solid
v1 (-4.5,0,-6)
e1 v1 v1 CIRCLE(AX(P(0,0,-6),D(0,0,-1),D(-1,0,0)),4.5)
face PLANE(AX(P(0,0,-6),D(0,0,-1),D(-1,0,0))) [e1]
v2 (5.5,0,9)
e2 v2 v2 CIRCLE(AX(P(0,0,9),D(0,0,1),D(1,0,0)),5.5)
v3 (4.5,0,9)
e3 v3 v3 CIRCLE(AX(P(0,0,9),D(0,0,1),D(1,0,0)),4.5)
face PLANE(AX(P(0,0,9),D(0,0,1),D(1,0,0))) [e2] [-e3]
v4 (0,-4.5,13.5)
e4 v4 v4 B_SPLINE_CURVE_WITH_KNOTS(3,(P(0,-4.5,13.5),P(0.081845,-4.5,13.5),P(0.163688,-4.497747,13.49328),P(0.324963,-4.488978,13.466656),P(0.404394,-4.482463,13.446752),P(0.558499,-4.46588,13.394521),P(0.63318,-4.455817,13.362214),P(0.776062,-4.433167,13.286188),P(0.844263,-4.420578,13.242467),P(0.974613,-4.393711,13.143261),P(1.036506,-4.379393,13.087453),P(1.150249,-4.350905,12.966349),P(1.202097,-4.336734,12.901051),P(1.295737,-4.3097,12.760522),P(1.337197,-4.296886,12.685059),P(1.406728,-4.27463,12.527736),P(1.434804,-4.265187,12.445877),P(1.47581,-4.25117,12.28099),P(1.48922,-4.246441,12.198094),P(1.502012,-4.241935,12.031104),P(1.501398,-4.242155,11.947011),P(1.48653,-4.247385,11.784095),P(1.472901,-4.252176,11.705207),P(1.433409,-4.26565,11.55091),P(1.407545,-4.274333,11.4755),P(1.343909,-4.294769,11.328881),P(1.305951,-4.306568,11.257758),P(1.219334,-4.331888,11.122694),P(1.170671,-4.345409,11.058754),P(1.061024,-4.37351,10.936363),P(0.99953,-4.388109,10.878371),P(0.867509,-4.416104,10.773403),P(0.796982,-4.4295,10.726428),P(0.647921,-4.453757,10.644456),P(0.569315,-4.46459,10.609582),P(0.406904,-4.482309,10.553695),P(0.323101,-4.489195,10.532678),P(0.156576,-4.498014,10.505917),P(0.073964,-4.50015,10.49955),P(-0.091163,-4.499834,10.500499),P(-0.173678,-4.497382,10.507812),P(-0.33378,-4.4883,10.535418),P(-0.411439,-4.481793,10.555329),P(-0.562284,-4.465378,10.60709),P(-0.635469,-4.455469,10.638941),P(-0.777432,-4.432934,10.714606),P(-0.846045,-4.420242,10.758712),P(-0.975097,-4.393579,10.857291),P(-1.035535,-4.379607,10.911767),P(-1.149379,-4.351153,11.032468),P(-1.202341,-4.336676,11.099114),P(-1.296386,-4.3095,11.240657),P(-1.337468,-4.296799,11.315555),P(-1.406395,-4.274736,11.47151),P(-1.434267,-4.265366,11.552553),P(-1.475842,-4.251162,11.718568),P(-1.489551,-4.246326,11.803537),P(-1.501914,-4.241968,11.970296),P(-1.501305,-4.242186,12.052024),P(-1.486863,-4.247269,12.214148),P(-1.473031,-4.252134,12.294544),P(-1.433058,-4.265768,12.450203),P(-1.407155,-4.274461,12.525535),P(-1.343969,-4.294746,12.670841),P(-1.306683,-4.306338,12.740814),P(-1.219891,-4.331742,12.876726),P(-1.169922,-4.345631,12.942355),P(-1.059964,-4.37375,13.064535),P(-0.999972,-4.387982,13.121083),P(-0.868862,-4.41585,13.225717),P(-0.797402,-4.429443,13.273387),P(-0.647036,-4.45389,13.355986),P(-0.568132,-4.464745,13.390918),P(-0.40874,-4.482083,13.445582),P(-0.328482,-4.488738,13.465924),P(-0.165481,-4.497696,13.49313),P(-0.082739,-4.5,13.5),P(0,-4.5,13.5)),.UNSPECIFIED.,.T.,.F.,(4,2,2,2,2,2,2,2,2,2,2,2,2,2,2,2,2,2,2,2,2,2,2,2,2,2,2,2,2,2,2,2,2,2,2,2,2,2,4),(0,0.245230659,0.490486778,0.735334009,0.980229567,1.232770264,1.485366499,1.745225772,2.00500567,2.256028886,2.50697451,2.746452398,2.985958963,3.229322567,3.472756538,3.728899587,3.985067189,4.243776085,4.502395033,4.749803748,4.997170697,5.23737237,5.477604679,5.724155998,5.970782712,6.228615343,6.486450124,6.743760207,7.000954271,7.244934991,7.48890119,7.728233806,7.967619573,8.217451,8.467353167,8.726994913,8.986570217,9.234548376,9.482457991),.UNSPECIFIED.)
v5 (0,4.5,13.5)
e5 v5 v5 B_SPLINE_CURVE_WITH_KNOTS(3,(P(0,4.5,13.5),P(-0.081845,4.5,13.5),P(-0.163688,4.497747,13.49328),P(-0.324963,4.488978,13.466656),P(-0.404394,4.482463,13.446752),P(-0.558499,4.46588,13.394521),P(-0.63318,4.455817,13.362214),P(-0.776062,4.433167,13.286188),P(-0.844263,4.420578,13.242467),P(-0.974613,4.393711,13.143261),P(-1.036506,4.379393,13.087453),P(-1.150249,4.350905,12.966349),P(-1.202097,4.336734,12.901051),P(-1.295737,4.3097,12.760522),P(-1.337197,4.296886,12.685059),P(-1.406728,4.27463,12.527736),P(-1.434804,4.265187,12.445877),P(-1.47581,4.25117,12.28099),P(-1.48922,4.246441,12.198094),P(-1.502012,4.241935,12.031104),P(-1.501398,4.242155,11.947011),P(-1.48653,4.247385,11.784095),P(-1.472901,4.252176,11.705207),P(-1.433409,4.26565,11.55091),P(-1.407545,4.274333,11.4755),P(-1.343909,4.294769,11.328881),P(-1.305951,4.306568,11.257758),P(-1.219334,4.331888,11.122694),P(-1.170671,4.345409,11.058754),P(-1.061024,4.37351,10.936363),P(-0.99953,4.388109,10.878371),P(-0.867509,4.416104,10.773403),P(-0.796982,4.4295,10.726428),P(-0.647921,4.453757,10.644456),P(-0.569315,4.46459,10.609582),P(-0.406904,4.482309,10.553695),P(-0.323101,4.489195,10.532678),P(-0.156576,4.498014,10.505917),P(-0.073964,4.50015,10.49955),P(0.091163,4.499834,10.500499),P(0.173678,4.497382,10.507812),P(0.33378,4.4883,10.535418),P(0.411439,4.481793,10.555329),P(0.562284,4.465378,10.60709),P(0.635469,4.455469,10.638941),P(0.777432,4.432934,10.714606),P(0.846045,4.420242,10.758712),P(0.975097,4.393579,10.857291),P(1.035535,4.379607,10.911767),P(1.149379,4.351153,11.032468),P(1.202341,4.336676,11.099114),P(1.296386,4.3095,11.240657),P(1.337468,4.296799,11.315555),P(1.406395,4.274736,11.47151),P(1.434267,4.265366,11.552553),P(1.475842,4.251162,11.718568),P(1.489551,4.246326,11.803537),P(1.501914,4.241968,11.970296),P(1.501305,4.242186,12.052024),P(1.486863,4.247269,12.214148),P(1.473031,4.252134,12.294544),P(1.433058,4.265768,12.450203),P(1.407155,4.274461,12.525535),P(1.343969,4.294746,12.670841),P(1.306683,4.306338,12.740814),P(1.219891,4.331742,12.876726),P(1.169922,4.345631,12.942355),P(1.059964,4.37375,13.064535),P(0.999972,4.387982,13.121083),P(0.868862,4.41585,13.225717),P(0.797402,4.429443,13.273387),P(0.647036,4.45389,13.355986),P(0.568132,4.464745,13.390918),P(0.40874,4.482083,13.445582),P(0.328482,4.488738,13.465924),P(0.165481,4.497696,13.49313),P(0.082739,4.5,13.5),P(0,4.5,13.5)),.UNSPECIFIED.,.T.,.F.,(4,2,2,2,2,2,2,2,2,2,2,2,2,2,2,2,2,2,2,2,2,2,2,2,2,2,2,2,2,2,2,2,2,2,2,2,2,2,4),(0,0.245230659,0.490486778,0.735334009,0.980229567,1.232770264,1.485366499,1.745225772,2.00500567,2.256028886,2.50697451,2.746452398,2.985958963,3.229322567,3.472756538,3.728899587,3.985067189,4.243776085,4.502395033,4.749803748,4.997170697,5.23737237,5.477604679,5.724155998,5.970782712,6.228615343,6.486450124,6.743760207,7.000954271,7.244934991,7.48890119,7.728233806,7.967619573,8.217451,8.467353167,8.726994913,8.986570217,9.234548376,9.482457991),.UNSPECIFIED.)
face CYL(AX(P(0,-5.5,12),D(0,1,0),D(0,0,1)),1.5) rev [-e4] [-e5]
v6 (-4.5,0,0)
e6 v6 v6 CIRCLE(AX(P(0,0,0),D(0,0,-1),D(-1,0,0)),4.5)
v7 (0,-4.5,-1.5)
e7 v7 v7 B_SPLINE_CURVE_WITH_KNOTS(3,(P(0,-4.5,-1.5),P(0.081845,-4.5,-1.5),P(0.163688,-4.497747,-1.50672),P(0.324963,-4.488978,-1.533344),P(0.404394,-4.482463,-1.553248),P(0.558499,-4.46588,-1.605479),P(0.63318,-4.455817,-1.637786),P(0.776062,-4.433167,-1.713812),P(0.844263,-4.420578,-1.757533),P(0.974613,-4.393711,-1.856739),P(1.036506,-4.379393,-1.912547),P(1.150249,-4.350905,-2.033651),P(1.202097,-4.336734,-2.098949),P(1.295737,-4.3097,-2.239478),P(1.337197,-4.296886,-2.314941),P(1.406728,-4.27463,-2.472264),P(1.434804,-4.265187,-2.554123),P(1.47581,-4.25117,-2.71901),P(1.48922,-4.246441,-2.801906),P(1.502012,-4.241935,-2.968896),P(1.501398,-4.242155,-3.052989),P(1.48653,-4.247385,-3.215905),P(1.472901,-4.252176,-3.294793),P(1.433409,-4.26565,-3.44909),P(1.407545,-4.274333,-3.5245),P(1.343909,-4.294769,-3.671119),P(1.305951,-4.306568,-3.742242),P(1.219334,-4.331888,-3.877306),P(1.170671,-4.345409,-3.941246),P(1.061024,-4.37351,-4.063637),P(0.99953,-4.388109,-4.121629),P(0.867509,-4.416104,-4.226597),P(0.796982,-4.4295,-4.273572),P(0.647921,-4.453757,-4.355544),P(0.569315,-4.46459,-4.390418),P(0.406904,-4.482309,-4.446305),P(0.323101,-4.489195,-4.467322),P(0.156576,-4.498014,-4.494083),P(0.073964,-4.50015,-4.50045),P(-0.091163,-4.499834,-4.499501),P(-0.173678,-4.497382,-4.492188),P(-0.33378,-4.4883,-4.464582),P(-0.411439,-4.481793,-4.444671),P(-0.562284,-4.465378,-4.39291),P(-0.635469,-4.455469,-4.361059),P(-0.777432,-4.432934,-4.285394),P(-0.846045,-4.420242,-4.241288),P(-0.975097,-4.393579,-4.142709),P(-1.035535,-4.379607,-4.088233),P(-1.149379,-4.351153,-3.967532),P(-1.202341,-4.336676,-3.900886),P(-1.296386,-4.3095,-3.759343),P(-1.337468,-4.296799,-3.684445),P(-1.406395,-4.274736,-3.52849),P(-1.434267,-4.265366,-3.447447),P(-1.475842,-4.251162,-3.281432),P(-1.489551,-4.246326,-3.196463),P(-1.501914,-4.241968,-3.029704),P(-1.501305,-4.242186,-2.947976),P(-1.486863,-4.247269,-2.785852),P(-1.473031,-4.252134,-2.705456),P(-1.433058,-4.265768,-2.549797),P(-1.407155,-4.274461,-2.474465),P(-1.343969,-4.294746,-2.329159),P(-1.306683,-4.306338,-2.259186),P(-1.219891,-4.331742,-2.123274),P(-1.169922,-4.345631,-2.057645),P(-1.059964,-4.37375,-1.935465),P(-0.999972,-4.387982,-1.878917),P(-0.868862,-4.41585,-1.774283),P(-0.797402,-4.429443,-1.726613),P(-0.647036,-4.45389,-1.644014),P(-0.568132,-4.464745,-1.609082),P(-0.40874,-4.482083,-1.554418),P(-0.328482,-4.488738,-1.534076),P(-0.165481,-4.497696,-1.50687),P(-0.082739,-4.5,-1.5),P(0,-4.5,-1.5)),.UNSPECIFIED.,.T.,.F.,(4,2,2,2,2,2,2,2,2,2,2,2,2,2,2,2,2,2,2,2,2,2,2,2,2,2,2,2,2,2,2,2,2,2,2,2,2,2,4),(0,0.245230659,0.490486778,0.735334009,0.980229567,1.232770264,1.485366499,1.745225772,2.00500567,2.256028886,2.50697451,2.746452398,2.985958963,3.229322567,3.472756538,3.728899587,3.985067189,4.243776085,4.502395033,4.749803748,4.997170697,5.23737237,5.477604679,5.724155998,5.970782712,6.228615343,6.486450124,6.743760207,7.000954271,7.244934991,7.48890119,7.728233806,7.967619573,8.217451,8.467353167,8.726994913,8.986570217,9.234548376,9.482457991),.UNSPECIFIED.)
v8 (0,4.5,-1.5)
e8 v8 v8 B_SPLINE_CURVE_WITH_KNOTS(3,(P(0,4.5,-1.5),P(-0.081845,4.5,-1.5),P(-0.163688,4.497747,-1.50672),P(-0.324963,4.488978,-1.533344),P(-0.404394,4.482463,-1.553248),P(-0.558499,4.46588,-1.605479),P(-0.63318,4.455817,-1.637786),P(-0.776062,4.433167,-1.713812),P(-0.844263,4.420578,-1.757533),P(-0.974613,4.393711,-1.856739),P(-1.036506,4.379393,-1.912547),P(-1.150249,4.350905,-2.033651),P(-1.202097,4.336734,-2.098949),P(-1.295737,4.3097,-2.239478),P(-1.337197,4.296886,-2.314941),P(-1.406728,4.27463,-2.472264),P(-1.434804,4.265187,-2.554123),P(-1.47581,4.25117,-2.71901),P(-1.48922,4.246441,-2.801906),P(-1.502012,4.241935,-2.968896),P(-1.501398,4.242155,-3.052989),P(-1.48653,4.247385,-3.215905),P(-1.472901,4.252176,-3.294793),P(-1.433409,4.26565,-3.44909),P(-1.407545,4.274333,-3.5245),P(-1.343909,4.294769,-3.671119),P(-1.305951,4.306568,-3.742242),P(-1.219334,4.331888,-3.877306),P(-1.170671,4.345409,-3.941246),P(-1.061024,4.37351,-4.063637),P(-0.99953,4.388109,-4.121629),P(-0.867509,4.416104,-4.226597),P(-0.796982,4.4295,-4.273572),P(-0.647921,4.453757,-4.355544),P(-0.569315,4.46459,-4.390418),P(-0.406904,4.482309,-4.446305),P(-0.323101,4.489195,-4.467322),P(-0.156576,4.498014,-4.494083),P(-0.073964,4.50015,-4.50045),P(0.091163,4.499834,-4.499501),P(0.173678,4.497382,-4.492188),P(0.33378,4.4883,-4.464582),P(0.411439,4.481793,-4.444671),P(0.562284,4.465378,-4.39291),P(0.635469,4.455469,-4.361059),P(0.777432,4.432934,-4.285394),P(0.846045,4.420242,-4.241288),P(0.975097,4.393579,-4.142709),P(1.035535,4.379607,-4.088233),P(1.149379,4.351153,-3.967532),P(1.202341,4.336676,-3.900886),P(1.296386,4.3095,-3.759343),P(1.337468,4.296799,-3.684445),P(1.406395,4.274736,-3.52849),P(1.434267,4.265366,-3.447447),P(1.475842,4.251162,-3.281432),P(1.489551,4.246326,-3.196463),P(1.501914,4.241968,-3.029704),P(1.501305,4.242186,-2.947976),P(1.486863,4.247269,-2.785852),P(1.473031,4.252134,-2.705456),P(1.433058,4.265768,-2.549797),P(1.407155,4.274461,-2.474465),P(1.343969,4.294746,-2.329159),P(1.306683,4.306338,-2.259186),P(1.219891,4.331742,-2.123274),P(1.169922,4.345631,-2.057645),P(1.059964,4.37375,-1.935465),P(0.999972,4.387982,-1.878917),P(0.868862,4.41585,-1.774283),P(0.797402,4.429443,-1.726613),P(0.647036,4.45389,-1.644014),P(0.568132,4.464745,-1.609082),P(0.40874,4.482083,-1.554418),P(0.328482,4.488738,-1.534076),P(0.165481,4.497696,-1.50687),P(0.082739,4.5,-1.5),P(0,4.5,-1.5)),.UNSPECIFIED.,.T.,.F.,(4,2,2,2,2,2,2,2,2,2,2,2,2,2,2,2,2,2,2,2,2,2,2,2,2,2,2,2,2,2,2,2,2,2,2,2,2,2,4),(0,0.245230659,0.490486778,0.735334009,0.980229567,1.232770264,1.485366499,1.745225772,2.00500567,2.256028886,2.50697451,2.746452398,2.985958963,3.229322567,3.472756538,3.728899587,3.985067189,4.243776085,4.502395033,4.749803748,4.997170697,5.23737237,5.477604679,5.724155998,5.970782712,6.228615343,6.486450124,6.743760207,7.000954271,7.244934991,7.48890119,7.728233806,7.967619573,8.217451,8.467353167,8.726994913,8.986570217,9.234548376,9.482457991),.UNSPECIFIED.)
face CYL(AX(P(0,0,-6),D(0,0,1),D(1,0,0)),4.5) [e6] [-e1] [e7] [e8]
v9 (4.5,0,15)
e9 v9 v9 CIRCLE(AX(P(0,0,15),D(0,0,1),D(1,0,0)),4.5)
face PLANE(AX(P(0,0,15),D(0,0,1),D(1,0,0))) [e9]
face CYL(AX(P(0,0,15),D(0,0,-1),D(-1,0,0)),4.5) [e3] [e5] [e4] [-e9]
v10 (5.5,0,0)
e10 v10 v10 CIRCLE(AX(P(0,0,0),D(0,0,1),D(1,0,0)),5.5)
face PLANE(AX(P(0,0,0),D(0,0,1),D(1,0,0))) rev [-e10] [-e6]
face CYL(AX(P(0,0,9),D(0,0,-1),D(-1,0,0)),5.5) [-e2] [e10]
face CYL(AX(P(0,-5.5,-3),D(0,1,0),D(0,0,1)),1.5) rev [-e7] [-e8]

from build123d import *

# Parameters (mm, degrees)
SKETCH1_R               = 5.5
BOSS_EXTRUDE1_DEPTH     = 9
SKETCH2_R               = 4.5
BOSS_EXTRUDE2_DEPTH     = 6
SKETCH3_R               = 4.5
BOSS_EXTRUDE3_DEPTH     = 6
SKETCH4_R               = 1.5
CUT_EXTRUDE1_DEPTH      = 6.5
CUT_EXTRUDE1_DEPTH_BACK = 6.5


with BuildPart() as part:
    # Sketch1 → Boss-Extrude1 (new body)
    with BuildSketch(Plane.XY):
        Circle(SKETCH1_R)
    extrude(amount=BOSS_EXTRUDE1_DEPTH)

    # Sketch2 → Boss-Extrude2 (add)
    with BuildSketch(Plane.XY.offset(9)):
        Circle(SKETCH2_R)
    extrude(amount=BOSS_EXTRUDE2_DEPTH)

    # Sketch3 → Boss-Extrude3 (add)
    with BuildSketch(Plane(origin=(0, 0, 0), x_dir=(-1, 0, 0), z_dir=(0, 0, -1))):
        Circle(SKETCH3_R)
    extrude(amount=BOSS_EXTRUDE3_DEPTH)

    # Sketch4 → Cut-Extrude1 (cut, two sides)
    with BuildSketch(Plane(origin=(0, 0, 0), x_dir=(1, 0, 0), z_dir=(0, 1, 0))) as cut_extrude1_sk:
        with Locations((0, 3)):
            Circle(SKETCH4_R)
        with Locations((0, -12)):
            Circle(SKETCH4_R)
    extrude(amount=CUT_EXTRUDE1_DEPTH, mode=Mode.SUBTRACT)
    extrude(cut_extrude1_sk.sketch, amount=-CUT_EXTRUDE1_DEPTH_BACK, mode=Mode.SUBTRACT)


solid = part.part
